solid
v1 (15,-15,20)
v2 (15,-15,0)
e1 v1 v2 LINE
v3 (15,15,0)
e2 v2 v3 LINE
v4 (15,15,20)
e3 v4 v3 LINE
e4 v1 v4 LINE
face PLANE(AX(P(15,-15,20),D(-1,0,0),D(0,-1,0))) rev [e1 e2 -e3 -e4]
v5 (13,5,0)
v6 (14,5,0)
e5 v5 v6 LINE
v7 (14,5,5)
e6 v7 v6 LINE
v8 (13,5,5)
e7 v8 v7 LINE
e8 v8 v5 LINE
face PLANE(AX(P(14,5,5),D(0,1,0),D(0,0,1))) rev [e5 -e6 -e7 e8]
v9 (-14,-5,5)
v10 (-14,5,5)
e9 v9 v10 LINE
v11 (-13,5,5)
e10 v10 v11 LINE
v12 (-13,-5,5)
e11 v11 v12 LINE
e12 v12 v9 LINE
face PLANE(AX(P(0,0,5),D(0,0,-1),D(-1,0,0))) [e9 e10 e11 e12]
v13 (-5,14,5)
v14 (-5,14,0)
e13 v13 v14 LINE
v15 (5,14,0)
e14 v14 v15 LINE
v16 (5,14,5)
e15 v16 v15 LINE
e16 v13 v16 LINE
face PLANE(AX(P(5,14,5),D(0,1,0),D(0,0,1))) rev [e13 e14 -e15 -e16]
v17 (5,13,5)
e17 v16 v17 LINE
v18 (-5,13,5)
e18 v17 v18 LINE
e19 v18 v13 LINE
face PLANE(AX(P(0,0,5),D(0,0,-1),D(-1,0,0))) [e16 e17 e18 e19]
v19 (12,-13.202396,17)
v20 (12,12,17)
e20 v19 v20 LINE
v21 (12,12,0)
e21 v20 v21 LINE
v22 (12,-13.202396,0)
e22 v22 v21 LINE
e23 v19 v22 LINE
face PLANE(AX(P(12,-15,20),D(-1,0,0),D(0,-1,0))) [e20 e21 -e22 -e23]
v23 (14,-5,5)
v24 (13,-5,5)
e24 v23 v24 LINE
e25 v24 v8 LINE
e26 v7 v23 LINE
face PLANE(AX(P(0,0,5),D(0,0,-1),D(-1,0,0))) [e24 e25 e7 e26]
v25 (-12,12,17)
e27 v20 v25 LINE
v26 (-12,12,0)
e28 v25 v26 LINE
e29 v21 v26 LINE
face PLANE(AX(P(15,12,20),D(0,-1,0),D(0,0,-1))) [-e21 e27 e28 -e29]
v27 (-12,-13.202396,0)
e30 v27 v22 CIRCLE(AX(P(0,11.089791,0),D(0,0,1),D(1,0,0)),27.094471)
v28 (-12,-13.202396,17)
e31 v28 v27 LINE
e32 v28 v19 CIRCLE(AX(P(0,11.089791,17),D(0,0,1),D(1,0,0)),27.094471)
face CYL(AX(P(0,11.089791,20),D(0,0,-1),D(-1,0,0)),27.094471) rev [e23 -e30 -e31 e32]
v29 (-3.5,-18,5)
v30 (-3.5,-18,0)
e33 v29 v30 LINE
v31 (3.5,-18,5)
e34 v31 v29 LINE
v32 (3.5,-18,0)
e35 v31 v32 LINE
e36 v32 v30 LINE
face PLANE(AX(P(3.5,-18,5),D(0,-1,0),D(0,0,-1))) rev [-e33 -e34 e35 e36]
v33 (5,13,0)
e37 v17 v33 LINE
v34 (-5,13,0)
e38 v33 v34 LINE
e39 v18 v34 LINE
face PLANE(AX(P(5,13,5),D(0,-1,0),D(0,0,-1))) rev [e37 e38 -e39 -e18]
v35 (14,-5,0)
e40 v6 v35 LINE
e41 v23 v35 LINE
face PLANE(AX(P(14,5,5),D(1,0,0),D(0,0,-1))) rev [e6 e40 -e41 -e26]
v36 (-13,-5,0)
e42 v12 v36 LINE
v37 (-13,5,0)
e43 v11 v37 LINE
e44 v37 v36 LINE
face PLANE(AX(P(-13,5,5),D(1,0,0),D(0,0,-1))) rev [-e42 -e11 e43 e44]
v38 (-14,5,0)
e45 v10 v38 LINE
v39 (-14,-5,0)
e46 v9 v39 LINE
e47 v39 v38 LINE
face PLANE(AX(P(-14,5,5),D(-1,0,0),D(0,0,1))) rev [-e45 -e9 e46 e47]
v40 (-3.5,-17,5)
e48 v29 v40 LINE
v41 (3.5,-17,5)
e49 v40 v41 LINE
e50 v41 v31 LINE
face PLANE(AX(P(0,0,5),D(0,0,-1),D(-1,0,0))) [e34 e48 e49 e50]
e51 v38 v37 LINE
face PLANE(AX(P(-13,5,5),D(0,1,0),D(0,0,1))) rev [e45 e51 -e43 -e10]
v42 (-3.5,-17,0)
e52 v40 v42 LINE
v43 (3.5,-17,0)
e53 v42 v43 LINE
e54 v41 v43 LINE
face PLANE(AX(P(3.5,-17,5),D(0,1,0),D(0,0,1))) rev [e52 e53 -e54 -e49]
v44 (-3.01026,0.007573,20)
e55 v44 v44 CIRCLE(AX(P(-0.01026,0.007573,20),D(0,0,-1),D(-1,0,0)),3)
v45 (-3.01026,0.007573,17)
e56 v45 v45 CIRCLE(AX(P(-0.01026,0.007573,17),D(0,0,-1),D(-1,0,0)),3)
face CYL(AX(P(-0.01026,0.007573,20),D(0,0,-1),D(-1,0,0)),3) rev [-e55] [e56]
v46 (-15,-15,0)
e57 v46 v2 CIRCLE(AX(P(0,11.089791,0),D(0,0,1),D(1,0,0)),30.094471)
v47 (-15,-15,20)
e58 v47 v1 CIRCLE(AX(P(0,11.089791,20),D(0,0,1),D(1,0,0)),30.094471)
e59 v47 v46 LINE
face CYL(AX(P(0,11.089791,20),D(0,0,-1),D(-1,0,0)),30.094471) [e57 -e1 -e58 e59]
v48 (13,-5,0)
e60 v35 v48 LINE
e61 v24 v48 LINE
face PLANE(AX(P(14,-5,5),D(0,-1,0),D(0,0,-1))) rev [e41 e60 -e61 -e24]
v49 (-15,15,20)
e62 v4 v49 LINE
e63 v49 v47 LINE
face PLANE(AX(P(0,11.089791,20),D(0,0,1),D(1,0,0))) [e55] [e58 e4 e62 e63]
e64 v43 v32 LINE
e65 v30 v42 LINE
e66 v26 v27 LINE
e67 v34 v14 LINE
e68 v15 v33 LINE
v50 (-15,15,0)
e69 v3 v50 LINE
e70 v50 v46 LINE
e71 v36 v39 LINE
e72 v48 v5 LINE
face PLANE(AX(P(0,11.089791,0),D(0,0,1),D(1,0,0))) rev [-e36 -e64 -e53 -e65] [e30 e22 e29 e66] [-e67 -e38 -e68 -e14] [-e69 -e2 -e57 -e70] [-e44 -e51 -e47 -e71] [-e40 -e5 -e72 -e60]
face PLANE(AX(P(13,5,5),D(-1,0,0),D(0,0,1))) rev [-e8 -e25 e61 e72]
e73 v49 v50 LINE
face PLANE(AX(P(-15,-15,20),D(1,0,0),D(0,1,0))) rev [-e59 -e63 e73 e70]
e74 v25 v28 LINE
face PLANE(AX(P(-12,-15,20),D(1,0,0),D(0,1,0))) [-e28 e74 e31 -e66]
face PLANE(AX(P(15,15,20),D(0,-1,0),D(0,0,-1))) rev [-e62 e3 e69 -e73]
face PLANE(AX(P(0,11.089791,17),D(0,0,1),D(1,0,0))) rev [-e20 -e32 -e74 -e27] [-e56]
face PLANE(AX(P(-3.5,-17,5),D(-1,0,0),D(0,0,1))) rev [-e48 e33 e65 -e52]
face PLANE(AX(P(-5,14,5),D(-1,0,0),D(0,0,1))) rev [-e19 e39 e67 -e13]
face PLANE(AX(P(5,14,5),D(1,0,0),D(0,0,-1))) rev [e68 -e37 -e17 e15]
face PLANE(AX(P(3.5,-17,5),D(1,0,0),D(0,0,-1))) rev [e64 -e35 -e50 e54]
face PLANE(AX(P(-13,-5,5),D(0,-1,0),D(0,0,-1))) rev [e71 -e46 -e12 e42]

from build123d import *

# Parameters (mm, degrees)
BOSS_EXTRUDE1_DEPTH = 20
SHELL13_T           = -3
SKETCH3_R           = 3
CUT_EXTRUDE2_DEPTH  = 3
SKETCH4_W           = 10
SKETCH4_H           = 1
SKETCH4_W_2         = 1
SKETCH4_H_2         = 10
SKETCH4_W_3         = 7
CUT_EXTRUDE3_DEPTH  = 5


with BuildPart() as part:
    # Sketch1 → Boss-Extrude1 (new body)
    with BuildSketch(Plane.XY):
        with BuildLine():
            Line((15, -15), (15, 15))
            Line((15, 15), (-15, 15))
            Line((-15, 15), (-15, -15))
            ThreePointArc((-15, -15), (0, -19.004680178), (15, -15))
        make_face()
    extrude(amount=BOSS_EXTRUDE1_DEPTH)

    # Shell13
    shell13_openings = [part.faces().sort_by_distance(p)[0] for p in [
        (0, -1.375060702, 0),
    ]]
    offset(amount=SHELL13_T, openings=shell13_openings, kind=Kind.INTERSECTION)

    # Sketch3 → Cut-Extrude2 (cut)
    with BuildSketch(Plane(origin=(0, 0, 17), x_dir=(-1, 0, 0), z_dir=(0, 0, -1))):
        with Locations((0.010259738, 0.007572697)):
            Circle(SKETCH3_R)
    extrude(amount=-CUT_EXTRUDE2_DEPTH, mode=Mode.SUBTRACT)

    # Sketch4 → Cut-Extrude3 (cut)
    with BuildSketch(Plane(origin=(0, 0, 0), x_dir=(-1, 0, 0), z_dir=(0, 0, -1))):
        with Locations((0, 13.5)):
            Rectangle(SKETCH4_W, SKETCH4_H)
        with Locations((-13.5, 0)):
            Rectangle(SKETCH4_W_2, SKETCH4_H_2)
        with Locations((0, -17.5)):
            Rectangle(SKETCH4_W_3, SKETCH4_H)
        with Locations((13.5, 0)):
            Rectangle(SKETCH4_W_2, SKETCH4_H_2)
    extrude(amount=-CUT_EXTRUDE3_DEPTH, mode=Mode.SUBTRACT)


solid = part.part
